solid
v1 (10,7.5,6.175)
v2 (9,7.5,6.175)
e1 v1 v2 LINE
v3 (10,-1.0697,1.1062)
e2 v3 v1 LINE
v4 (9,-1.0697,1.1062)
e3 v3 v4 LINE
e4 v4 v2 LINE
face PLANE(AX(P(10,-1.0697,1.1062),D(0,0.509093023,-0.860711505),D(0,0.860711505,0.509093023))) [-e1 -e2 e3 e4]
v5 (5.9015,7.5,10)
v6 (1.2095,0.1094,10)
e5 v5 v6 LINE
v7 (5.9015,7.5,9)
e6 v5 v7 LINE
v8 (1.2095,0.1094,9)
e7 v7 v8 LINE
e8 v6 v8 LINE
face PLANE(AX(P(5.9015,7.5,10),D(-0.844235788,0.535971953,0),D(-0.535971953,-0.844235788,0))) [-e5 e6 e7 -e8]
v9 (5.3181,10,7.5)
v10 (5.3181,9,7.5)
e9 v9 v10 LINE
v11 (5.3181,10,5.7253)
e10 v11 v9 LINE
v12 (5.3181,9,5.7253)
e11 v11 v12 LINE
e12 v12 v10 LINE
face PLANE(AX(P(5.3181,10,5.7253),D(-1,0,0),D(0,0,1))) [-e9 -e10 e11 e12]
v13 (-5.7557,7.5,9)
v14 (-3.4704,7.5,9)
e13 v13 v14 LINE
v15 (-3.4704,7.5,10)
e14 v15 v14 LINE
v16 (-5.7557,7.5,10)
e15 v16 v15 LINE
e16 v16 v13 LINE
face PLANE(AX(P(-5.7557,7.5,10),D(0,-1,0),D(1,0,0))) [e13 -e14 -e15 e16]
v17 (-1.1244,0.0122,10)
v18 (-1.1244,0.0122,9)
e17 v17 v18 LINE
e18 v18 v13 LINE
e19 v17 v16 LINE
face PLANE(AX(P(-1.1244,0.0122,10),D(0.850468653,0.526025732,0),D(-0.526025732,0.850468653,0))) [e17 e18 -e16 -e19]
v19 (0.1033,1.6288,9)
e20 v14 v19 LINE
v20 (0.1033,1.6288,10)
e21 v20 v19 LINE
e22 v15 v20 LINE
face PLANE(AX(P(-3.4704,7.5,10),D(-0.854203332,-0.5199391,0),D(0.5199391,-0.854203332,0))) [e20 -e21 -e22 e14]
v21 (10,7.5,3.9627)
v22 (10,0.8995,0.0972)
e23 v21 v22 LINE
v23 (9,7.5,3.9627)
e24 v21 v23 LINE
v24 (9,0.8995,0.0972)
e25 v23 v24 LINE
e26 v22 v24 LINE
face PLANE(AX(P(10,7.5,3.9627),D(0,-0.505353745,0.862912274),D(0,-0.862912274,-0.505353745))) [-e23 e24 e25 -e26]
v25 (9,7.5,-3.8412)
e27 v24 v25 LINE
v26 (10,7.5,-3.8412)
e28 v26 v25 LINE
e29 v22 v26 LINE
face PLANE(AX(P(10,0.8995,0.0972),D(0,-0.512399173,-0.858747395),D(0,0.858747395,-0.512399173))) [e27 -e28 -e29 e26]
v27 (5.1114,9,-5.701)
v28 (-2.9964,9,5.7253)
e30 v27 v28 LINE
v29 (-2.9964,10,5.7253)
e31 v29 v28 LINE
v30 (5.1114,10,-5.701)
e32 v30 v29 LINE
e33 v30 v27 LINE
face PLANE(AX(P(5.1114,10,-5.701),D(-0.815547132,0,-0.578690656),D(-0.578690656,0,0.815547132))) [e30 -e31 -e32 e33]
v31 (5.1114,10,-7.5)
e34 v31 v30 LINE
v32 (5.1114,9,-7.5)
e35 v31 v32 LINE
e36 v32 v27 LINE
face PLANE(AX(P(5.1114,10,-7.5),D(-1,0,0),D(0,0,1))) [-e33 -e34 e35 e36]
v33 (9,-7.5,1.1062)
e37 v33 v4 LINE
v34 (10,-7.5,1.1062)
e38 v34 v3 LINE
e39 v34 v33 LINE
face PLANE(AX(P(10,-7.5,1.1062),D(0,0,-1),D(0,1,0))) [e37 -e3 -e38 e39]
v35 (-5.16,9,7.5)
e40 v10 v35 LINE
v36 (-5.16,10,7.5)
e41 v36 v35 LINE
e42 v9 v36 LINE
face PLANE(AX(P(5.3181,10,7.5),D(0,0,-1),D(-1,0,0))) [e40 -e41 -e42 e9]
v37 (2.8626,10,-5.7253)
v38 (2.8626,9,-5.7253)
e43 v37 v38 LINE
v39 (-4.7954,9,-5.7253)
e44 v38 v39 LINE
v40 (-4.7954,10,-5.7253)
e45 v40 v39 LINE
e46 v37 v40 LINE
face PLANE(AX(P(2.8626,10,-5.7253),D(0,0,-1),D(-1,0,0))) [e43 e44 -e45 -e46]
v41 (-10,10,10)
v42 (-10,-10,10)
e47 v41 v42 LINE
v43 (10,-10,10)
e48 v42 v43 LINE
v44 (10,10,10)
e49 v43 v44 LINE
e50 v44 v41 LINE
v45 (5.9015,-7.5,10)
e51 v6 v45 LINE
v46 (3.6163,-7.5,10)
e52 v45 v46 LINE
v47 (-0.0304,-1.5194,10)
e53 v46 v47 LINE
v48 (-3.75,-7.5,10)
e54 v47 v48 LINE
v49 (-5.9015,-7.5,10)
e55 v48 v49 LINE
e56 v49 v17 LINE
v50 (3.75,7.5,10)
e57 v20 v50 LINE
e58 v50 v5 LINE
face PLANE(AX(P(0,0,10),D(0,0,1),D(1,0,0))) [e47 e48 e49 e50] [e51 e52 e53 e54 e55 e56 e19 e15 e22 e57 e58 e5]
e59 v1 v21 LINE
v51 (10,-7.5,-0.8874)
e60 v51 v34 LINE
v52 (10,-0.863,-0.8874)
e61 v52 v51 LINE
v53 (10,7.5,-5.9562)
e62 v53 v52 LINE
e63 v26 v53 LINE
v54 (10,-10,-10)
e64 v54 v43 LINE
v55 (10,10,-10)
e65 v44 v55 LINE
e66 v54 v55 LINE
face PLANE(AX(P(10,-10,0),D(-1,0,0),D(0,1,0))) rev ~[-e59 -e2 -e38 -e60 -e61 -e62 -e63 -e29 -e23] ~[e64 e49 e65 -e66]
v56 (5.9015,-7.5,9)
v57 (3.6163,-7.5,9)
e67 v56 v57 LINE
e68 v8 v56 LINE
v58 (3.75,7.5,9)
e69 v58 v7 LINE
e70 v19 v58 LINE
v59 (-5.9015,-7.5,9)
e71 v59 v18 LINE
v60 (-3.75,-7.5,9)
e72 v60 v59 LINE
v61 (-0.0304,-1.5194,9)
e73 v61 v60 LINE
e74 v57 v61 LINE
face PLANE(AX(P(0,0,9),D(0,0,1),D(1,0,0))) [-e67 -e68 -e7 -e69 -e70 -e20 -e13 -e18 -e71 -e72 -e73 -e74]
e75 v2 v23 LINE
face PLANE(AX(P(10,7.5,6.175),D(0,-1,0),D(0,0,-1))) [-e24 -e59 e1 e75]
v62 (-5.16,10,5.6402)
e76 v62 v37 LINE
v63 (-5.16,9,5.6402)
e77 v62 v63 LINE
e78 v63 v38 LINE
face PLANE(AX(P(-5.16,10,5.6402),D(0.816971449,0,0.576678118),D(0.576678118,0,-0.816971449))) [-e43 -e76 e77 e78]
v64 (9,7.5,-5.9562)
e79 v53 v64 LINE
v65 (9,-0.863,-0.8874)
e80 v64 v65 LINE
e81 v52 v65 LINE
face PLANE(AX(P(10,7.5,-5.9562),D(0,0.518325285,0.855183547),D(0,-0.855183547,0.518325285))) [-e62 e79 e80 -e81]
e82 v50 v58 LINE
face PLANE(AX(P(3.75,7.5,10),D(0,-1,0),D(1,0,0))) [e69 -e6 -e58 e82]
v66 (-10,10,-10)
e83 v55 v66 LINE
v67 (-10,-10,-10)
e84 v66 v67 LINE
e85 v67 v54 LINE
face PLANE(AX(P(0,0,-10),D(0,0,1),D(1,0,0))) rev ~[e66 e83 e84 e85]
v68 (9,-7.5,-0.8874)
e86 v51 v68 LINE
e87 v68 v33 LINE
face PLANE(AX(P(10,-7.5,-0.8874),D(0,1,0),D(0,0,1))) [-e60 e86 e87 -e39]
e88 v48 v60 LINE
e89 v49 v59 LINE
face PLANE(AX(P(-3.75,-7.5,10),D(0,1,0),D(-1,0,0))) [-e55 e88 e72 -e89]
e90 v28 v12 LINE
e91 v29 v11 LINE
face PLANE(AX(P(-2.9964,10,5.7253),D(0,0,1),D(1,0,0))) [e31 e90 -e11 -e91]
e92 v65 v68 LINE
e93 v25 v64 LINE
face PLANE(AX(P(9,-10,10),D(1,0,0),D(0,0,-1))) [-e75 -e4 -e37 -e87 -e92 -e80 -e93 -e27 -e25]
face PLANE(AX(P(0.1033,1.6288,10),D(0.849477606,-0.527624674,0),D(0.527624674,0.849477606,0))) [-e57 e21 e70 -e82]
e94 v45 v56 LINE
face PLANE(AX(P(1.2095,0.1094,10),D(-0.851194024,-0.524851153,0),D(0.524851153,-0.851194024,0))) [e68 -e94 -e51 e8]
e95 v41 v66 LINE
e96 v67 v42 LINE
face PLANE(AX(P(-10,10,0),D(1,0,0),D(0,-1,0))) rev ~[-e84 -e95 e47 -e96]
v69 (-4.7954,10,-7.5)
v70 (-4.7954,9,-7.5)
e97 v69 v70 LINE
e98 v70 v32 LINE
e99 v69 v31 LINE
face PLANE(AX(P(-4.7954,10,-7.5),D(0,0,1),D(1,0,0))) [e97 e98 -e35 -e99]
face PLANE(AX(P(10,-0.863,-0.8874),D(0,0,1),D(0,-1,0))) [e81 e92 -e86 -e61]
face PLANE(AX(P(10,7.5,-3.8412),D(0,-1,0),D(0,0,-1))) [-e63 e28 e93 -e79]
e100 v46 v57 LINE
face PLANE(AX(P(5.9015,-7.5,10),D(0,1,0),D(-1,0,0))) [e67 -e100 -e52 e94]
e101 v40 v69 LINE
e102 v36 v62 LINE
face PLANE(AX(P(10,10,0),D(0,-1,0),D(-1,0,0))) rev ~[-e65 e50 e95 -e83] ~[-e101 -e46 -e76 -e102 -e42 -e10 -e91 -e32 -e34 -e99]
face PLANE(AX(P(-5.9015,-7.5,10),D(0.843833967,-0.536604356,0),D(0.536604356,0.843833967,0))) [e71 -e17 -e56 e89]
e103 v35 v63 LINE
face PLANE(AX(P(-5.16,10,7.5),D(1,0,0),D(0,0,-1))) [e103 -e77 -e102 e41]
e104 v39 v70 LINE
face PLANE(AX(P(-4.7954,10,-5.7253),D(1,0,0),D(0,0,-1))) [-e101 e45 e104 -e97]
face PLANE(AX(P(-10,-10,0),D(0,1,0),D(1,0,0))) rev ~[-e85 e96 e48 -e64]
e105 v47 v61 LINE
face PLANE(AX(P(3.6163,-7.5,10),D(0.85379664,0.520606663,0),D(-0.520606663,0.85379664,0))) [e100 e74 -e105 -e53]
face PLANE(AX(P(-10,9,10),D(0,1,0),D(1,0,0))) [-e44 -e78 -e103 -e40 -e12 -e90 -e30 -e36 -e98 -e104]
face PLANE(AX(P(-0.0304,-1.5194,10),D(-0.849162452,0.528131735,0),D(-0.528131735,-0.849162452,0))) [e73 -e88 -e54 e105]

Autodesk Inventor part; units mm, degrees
ref_plane "YZ Plane" through (0, 0, 0) normal (1, 0, 0) x (0, 1, 0)
ref_plane "XZ Plane" through (0, 0, 0) normal (0, 1, 0) x (-1, 0, 0)
ref_plane "XY Plane" through (0, 0, 0) normal (0, 0, 1) x (1, 0, 0)
sketch "Esboço1" plane through (0, 0, 0) normal (0, 0, 1) x (1, 0, 0)
  line L0 (-10, -10) -> (10, -10)
  line L1 (10, -10) -> (10, 10)
  line L2 (10, 10) -> (-10, 10)
  line L3 (-10, 10) -> (-10, -10)
  line L4 (-10, -10) -> (10, 10) construction
  line L5 (10, -10) -> (-10, 10) construction
  point P0 (0, 0)
  dimension "d0" = 20
  dimension "d1" = 20
extrude "Extrusão1" add sketch "Esboço1" along normal mid plane 20
sketch "Esboço2" plane through (0, 0, 10) normal (0, 0, 1) x (1, 0, 0)
  line L0 (-10, 10) -> (10, 10) construction
  line L1 (10, 10) -> (10, -10) construction
  line L2 (10, -10) -> (-10, -10) construction
  line L3 (-10, -10) -> (-10, 10) construction
  line L4 (5.9015, -7.5) -> (3.6163, -7.5)
  line L5 (3.6163, -7.5) -> (-0.0304, -1.5194)
  line L6 (-0.0304, -1.5194) -> (-3.75, -7.5)
  line L7 (-3.75, -7.5) -> (-5.9015, -7.5)
  line L8 (-5.9015, -7.5) -> (-1.1244, 0.0122)
  line L9 (-1.1244, 0.0122) -> (-5.7557, 7.5)
  line L10 (-5.7557, 7.5) -> (-3.4704, 7.5)
  line L11 (-3.4704, 7.5) -> (0.1033, 1.6288)
  line L12 (0.1033, 1.6288) -> (3.75, 7.5)
  line L13 (3.75, 7.5) -> (5.9015, 7.5)
  line L14 (5.9015, 7.5) -> (1.2095, 0.1094)
  line L15 (1.2095, 0.1094) -> (5.9015, -7.5)
  point P0 (0, 0)
extrude "Extrusão2" cut sketch "Esboço2" against normal blind 1
sketch "Esboço3" plane through (10, -10, 10) normal (1, 0, 0) x (0, 0, -1)
  line L0 (0, 20) -> (20, 20) construction
  line L1 (20, 20) -> (20, 0) construction
  line L2 (20, 0) -> (0, 0) construction
  line L3 (0, 0) -> (0, 20) construction
  line L4 (15.9562, 17.5) -> (10.8874, 9.137)
  line L5 (10.8874, 9.137) -> (10.8874, 2.5)
  line L6 (10.8874, 2.5) -> (8.8938, 2.5)
  line L7 (8.8938, 2.5) -> (8.8938, 8.9303)
  line L8 (8.8938, 8.9303) -> (3.825, 17.5)
  line L9 (3.825, 17.5) -> (6.0373, 17.5)
  line L10 (6.0373, 17.5) -> (9.9028, 10.8995)
  line L11 (9.9028, 10.8995) -> (13.8412, 17.5)
  line L12 (13.8412, 17.5) -> (15.9562, 17.5)
  point P0 (10, 10)
extrude "Extrusão3" cut sketch "Esboço3" against normal blind 1
sketch "Esboço4" plane through (-10, 10, 10) normal (0, 1, 0) x (1, 0, 0)
  line L0 (0, 20) -> (20, 20) construction
  line L1 (20, 20) -> (20, 0) construction
  line L2 (20, 0) -> (0, 0) construction
  line L3 (0, 0) -> (0, 20) construction
  line L4 (15.3181, 2.5) -> (4.84, 2.5)
  line L5 (4.84, 2.5) -> (4.84, 4.3598)
  line L6 (4.84, 4.3598) -> (12.8626, 15.7253)
  line L7 (12.8626, 15.7253) -> (5.2046, 15.7253)
  line L8 (5.2046, 15.7253) -> (5.2046, 17.5)
  line L9 (5.2046, 17.5) -> (15.1114, 17.5)
  line L10 (15.1114, 17.5) -> (15.1114, 15.701)
  line L11 (15.1114, 15.701) -> (7.0036, 4.2747)
  line L12 (7.0036, 4.2747) -> (15.3181, 4.2747)
  line L13 (15.3181, 4.2747) -> (15.3181, 2.5)
  point P0 (10, 10)
extrude "Extrusão4" cut sketch "Esboço4" against normal blind 1
properties part number "Cubo-0001-002" material "ABS plástico"
